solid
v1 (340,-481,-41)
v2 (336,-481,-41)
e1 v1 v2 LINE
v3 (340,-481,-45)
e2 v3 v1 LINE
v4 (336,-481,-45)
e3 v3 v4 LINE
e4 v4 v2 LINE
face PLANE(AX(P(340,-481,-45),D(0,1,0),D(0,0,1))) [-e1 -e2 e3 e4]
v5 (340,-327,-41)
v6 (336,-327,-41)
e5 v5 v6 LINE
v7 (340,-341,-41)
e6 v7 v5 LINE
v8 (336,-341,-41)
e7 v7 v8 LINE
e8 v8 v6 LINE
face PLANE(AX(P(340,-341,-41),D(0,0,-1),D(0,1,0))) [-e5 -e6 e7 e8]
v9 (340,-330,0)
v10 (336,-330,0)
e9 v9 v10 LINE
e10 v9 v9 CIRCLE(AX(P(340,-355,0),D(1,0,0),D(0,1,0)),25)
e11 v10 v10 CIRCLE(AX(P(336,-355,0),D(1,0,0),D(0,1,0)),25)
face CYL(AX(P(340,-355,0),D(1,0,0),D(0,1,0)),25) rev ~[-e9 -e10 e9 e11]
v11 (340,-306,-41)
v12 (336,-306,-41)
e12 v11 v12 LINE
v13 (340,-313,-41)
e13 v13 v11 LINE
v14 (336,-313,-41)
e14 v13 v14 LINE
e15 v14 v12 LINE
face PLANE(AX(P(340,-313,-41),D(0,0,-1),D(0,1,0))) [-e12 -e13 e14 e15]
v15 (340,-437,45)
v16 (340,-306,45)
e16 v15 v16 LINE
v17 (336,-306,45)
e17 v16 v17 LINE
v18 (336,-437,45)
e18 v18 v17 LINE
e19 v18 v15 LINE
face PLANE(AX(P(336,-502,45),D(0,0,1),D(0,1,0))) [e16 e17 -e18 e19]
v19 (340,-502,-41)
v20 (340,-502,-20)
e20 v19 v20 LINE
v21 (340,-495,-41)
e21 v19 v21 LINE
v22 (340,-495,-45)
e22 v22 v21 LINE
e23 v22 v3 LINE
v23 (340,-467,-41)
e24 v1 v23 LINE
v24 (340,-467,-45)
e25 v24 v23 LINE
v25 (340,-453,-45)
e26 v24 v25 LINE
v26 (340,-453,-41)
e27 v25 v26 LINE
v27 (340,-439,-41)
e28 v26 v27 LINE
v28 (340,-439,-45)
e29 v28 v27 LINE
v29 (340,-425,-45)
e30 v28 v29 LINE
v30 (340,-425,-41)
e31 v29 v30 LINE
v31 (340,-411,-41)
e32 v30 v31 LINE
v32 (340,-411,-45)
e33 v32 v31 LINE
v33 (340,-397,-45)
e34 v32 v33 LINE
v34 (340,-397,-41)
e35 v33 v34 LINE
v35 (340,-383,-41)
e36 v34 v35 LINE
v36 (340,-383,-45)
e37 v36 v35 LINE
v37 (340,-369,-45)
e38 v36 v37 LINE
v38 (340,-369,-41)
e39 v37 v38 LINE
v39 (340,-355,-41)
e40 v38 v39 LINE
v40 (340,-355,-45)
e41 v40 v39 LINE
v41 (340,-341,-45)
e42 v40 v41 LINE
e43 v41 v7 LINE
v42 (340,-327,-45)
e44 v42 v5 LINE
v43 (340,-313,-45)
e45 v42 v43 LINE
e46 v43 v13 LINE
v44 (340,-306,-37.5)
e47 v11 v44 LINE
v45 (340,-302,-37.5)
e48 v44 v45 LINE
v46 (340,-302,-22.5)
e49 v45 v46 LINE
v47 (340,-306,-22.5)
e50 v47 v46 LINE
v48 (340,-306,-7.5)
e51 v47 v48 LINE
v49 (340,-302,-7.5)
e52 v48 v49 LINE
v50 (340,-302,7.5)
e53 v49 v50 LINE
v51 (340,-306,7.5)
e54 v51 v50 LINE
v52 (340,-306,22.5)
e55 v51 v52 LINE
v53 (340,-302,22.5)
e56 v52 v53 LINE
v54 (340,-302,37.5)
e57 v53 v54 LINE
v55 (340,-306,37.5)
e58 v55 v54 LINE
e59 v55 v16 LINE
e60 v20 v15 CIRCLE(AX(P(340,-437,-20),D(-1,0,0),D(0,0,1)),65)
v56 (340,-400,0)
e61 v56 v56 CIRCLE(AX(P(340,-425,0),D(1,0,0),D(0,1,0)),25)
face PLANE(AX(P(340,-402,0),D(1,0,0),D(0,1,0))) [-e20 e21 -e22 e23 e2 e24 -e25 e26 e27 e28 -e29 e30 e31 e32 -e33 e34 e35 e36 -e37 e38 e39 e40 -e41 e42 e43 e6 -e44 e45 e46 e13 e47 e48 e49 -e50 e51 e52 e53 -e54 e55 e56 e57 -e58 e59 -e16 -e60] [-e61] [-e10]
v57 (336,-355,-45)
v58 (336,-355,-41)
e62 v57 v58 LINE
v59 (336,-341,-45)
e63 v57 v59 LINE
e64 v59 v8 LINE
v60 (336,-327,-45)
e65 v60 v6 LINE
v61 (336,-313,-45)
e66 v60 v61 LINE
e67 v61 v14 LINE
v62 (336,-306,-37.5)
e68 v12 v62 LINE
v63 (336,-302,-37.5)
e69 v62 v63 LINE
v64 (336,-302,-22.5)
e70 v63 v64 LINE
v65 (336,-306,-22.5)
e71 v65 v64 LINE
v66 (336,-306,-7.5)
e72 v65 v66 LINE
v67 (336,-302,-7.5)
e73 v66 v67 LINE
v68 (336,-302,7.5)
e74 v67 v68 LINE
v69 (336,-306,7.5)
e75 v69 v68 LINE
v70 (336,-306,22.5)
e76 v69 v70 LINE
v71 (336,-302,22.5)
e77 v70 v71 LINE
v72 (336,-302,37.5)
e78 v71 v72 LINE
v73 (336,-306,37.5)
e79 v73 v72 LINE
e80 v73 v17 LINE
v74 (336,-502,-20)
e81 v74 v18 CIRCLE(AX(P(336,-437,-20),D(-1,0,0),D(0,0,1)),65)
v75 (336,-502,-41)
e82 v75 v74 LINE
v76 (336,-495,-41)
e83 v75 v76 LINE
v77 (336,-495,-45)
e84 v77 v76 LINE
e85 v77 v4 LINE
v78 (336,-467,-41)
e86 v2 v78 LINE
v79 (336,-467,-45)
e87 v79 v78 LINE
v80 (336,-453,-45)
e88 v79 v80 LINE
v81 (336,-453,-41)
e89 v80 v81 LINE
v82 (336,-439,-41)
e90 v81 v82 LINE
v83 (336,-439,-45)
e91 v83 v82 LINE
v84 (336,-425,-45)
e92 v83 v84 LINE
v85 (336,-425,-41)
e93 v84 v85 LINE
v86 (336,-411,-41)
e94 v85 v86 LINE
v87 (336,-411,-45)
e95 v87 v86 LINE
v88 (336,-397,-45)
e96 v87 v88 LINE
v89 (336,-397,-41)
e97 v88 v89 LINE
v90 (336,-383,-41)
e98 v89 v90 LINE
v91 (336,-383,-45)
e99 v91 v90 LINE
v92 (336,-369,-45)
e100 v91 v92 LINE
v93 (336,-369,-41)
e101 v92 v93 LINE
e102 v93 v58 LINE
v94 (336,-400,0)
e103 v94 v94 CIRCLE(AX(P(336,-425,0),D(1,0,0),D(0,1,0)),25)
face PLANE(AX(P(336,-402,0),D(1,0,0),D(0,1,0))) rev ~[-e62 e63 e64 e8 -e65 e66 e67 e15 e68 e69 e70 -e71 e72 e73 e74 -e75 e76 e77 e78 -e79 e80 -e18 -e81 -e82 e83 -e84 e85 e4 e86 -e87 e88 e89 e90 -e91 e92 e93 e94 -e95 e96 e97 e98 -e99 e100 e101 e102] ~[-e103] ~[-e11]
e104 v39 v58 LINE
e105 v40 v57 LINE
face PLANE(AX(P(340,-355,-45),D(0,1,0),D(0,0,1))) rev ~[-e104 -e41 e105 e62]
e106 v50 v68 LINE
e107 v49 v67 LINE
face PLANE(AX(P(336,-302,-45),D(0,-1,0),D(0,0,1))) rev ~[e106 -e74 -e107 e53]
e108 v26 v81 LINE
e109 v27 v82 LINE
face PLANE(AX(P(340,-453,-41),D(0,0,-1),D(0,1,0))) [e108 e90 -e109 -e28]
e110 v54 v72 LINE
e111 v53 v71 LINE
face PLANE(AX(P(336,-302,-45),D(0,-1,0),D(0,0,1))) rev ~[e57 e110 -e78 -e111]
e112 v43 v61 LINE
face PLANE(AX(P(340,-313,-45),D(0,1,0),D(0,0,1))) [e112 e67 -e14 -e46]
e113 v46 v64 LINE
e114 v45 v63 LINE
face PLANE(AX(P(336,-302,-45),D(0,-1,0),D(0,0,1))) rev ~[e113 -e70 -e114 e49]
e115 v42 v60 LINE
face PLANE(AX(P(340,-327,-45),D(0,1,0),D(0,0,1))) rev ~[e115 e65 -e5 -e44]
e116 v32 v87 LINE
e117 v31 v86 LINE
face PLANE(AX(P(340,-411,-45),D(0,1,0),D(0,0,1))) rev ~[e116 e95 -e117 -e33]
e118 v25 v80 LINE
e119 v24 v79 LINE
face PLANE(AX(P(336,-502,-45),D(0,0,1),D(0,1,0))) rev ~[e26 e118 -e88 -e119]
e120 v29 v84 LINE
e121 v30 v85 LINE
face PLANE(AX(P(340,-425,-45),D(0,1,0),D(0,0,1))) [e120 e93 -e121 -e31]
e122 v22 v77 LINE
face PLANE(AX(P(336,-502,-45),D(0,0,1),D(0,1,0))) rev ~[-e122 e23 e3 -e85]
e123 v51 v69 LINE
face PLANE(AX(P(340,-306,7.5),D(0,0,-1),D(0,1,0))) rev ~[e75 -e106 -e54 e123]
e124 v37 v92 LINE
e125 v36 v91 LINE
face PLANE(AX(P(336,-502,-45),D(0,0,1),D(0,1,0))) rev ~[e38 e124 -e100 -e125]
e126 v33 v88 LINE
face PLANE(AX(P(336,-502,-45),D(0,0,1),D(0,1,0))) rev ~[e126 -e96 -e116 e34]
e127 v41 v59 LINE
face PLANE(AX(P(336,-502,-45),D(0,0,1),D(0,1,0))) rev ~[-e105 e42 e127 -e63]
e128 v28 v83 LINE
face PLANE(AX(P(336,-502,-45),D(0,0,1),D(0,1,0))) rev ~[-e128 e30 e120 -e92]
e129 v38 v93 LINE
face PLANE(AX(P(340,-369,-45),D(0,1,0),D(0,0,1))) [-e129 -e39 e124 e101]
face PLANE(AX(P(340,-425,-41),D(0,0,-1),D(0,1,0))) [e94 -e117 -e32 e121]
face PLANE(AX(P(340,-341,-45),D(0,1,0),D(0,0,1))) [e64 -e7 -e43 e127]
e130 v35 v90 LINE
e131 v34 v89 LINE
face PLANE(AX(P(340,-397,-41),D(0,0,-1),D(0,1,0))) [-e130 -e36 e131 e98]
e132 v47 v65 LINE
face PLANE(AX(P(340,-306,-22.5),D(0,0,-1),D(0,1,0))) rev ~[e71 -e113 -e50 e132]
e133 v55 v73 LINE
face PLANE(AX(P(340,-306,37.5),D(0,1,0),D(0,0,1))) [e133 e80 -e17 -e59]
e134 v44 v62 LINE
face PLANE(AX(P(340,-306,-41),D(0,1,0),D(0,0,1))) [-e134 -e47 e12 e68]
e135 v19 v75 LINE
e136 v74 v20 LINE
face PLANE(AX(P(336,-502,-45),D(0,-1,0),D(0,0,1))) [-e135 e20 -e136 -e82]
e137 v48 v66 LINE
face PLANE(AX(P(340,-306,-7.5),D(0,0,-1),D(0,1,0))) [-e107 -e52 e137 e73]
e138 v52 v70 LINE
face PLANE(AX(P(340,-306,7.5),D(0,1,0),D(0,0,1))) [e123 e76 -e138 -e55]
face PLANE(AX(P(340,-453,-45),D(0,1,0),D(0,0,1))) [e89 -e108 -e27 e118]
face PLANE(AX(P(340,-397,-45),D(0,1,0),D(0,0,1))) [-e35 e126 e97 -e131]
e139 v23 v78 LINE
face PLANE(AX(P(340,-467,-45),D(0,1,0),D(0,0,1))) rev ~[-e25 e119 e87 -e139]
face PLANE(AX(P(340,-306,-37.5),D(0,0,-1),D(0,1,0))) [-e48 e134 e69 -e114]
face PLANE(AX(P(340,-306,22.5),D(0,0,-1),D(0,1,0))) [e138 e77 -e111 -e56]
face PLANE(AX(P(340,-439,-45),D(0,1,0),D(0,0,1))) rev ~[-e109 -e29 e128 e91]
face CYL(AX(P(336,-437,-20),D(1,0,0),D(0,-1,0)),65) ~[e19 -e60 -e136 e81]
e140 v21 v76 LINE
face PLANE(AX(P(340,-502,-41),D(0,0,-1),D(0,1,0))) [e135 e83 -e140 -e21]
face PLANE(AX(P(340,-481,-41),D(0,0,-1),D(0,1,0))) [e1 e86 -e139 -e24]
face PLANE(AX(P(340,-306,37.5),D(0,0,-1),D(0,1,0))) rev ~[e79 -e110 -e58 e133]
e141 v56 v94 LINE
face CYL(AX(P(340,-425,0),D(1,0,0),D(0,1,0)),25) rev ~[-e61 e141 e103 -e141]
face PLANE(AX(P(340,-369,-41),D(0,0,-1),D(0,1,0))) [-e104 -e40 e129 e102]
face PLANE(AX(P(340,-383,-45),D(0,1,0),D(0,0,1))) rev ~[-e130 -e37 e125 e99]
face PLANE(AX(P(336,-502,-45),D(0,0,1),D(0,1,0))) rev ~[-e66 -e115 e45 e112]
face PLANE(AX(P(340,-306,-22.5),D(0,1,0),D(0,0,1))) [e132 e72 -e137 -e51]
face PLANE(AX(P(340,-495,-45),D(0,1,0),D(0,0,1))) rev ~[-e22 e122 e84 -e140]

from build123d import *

# Parameters (mm, degrees)
SKETCH086_W     = 200
SKETCH086_H     = 90
PAD043_DEPTH    = 4
SKETCH087_R     = 25
SKETCH087_W     = 7
SKETCH087_H     = 4
SKETCH087_W_2   = 14
SKETCH087_W_3   = 4
SKETCH087_H_2   = 15
SKETCH087_H_3   = 7.5
POCKET039_DEPTH = 4
FILLET006_R     = 65


with BuildPart() as part:
    # Sketch086 → Pad043 (new body)
    with BuildSketch(Plane.YZ):
        Rectangle(SKETCH086_W, SKETCH086_H)
    extrude(amount=PAD043_DEPTH)

    # Sketch087 (on Face6 of Pad043) → Pocket039 (cut)
    with BuildSketch(Plane.YZ.offset(4)):
        with Locations((-23, 0)):
            Circle(SKETCH087_R)
        with Locations((47, 0)):
            Circle(SKETCH087_R)
        with Locations((-96.5, -43)):
            Rectangle(SKETCH087_W, SKETCH087_H)
        with Locations((-72, -43)):
            Rectangle(SKETCH087_W_2, SKETCH087_H)
        with Locations((-44, -43)):
            Rectangle(SKETCH087_W_2, SKETCH087_H)
        with Locations((-16, -43)):
            Rectangle(SKETCH087_W_2, SKETCH087_H)
        with Locations((12, -43)):
            Rectangle(SKETCH087_W_2, SKETCH087_H)
        with Locations((40, -43)):
            Rectangle(SKETCH087_W_2, SKETCH087_H)
        with Locations((68, -43)):
            Rectangle(SKETCH087_W_2, SKETCH087_H)
        with Locations((98, -15)):
            Rectangle(SKETCH087_W_3, SKETCH087_H_2)
        with Locations((98, 15)):
            Rectangle(SKETCH087_W_3, SKETCH087_H_2)
        with Locations((98, 41.25)):
            Rectangle(SKETCH087_W_3, SKETCH087_H_3)
        Polygon((89, -45), (89, -41), (96, -41), (96, -37.5), (100, -37.5), (100, -45), align=None)
    extrude(amount=-POCKET039_DEPTH, mode=Mode.SUBTRACT)

    # Fillet006
    fillet006_edges = [part.edges().sort_by_distance(p)[0] for p in [
        (2, -100, 45),
    ]]
    fillet(fillet006_edges, radius=FILLET006_R)


with BuildPart() as part_1:
    # Body043 placement: moved
    add(part.part.moved(Location((336, -402, 0))))


solid = part_1.part
